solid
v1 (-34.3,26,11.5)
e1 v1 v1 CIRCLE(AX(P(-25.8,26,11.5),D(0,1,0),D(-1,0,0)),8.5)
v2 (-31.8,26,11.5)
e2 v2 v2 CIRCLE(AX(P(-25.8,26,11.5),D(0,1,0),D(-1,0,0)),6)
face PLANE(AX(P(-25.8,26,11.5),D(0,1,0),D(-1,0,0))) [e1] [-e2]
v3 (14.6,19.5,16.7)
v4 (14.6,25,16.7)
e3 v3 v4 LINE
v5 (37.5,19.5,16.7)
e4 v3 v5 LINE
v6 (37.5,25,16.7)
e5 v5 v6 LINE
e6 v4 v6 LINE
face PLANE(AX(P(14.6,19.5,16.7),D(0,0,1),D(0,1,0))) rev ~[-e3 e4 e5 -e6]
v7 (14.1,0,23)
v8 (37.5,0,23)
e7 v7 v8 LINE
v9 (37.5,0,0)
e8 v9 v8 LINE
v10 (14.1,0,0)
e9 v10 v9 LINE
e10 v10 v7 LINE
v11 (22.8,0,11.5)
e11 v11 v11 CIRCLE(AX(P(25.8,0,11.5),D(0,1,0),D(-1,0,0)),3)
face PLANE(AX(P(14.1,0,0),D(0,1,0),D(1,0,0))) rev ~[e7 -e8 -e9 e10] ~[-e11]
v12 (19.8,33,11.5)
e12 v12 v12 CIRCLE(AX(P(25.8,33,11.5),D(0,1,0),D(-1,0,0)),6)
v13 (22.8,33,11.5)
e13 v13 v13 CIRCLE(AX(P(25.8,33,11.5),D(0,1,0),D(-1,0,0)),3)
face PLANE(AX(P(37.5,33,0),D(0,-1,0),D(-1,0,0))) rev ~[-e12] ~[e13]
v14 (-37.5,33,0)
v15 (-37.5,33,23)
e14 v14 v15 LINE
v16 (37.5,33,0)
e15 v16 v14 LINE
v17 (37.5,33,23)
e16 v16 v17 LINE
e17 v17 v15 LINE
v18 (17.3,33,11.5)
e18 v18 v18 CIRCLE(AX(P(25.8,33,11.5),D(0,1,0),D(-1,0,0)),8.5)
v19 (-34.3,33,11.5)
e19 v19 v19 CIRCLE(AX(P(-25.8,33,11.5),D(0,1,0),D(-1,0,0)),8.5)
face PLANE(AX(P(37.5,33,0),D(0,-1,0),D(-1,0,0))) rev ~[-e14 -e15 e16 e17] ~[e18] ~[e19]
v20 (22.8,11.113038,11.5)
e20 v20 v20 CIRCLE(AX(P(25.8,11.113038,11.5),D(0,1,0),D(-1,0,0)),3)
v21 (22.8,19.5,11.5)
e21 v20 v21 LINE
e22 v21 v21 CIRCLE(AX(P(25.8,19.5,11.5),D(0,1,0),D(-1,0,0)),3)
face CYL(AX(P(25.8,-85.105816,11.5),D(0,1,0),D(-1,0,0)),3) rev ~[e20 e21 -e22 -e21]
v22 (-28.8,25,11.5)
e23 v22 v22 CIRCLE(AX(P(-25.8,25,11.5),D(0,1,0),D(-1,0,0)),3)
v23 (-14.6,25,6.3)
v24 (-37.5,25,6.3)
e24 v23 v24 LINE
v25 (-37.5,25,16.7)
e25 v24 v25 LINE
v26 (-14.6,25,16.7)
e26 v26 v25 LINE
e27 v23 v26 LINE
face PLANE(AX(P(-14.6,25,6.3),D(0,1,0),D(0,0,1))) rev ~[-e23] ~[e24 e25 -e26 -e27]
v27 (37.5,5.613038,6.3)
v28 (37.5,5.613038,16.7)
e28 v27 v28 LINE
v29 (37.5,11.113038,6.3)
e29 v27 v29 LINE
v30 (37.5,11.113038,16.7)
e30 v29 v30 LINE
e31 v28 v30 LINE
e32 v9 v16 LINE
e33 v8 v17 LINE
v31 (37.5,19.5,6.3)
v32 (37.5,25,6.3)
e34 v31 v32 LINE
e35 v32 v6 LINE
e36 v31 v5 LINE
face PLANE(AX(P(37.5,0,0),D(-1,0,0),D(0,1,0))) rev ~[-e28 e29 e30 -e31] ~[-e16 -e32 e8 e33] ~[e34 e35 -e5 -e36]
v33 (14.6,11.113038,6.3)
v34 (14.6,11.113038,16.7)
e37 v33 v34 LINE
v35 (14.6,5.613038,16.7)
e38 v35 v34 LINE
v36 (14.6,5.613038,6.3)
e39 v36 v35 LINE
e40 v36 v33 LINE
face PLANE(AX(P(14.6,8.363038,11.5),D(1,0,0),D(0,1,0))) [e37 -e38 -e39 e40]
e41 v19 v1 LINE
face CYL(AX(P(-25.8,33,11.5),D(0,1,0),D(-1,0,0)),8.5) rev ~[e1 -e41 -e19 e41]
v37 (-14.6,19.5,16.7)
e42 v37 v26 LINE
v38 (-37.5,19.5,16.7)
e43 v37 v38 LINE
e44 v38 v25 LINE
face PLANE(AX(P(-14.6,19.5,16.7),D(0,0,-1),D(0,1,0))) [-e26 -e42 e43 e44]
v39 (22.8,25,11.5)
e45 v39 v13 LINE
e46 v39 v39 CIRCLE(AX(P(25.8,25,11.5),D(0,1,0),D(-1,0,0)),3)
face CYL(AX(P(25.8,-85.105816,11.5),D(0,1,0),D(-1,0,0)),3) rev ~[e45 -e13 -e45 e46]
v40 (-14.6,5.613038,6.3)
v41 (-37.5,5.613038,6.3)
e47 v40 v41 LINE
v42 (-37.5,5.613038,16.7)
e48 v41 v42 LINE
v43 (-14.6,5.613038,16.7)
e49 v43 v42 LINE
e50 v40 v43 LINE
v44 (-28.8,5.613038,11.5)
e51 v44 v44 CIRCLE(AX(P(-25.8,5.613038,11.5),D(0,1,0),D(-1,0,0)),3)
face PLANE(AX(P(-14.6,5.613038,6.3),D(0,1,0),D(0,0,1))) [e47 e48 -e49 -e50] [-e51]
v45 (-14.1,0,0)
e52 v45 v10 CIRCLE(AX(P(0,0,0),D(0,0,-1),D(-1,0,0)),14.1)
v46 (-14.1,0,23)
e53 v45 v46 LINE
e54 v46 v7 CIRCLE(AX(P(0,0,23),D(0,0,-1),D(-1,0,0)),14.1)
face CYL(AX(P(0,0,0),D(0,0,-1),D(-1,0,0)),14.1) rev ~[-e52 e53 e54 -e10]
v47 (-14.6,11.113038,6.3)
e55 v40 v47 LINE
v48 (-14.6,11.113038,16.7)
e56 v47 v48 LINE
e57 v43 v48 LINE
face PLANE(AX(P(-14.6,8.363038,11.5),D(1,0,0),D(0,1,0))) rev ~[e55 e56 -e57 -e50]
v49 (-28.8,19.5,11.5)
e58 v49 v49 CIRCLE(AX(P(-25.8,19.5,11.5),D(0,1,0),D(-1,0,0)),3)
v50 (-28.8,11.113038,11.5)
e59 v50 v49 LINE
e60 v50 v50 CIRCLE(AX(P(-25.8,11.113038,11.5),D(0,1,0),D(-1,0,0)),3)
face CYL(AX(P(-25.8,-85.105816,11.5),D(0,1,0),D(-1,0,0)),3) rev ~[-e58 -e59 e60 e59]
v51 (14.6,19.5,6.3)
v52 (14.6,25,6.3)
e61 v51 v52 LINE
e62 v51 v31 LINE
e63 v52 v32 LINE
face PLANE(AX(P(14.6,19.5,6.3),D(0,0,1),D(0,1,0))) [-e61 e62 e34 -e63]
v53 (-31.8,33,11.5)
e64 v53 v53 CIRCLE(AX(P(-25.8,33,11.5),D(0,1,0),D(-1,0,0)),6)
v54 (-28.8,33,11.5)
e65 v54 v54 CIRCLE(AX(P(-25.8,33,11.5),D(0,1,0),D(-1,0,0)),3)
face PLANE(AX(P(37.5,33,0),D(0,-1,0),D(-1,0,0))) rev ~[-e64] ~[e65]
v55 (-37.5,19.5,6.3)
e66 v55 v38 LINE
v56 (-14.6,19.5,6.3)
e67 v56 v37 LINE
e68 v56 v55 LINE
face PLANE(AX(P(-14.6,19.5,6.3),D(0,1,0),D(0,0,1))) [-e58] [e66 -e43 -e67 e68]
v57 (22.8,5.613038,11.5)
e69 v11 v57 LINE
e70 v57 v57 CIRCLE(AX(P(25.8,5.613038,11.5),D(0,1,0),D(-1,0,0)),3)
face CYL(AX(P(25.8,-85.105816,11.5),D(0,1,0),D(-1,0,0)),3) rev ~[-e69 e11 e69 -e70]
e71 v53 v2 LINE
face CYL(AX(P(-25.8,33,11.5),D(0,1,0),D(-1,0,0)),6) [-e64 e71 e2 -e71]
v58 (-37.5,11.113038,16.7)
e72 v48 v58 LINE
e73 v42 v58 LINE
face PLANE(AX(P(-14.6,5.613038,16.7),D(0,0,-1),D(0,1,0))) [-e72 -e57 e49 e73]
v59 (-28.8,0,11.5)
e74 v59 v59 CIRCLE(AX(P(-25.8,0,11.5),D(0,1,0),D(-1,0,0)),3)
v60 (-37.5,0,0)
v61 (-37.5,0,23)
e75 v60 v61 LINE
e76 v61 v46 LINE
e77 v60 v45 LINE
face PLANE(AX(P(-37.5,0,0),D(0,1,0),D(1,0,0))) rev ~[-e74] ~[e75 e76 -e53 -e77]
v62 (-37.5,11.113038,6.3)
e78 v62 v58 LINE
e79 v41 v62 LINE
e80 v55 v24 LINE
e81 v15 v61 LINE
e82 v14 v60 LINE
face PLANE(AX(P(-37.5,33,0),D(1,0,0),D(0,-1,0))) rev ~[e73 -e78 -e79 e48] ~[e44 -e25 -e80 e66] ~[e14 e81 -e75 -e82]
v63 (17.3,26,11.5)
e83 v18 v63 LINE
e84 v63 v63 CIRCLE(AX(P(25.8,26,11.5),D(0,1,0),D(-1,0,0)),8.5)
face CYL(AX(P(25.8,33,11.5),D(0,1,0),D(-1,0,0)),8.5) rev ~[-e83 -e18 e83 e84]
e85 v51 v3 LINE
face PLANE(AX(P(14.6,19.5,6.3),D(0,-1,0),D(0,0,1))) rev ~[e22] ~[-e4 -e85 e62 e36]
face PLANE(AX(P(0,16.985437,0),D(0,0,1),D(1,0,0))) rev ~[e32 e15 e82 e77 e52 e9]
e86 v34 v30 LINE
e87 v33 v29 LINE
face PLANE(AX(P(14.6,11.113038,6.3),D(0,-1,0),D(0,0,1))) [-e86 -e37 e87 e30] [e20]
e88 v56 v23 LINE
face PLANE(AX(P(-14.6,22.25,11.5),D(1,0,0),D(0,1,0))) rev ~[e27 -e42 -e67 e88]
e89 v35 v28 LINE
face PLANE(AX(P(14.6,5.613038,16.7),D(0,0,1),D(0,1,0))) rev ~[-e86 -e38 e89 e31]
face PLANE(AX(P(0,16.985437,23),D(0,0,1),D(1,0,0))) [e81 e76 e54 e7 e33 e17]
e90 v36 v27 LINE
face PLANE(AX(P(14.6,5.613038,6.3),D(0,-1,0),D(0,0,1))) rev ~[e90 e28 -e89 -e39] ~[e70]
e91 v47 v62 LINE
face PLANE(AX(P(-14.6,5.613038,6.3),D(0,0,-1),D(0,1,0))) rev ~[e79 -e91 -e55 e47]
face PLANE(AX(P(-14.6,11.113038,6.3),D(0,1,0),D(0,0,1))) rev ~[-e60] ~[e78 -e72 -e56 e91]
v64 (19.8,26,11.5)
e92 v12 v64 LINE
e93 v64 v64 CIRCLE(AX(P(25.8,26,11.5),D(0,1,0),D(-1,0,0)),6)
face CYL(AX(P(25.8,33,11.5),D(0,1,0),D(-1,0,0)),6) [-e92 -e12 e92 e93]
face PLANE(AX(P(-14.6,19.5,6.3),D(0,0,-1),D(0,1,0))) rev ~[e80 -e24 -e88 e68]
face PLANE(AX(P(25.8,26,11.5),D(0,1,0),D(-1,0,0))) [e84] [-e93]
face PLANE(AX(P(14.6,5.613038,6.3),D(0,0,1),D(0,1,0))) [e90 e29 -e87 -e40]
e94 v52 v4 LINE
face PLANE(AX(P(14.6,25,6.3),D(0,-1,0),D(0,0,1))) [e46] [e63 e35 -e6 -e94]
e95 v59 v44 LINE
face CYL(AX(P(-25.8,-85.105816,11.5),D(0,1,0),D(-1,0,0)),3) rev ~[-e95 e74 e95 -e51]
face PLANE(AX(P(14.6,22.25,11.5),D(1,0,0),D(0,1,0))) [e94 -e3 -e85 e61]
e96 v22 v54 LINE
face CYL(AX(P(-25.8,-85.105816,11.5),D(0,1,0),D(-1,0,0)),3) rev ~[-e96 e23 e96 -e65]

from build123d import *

# Parameters (mm, degrees)
F1_DEPTH  = 23
F5_D      = 6
F6_D      = 6
F7_START  = 14.6
F2_W      = 5.5
F2_H      = 10.4
F7_DEPTH  = 29.6
F9_R      = 8.5
F9_R_2    = 6
F10_DEPTH = 7
F8_R      = 8.5
F8_R_2    = 6
F11_DEPTH = 7
F12_START = -14.6
F12_DEPTH = 30.8


with BuildPart() as f1:
    # F0 (on Top) → F1 (new body)
    with BuildSketch(Plane.XY):
        with BuildLine():
            Line((37.5, 33), (-37.5, 33))
            Line((-37.5, 33), (-37.5, 0))
            Line((-37.5, 0), (-14.1, 0))
            ThreePointArc((-14.1, 0), (0, 14.1), (14.1, 0))
            Line((14.1, 0), (37.5, 0))
            Line((37.5, 0), (37.5, 33))
        make_face()
    extrude(amount=F1_DEPTH)

    # F5 (through all)
    with Locations(Plane.XZ):
        with Locations((-25.8, 11.5)):
            Hole(F5_D / 2)

    # F6 (through all)
    with Locations(Plane.XZ):
        with Locations((25.8, 11.5)):
            Hole(F6_D / 2)

    # F2 (on Right) → F7 (cut)
    with BuildSketch(Plane.YZ.offset(F7_START)):
        with Locations((8.363037575, 11.5)):
            Rectangle(F2_W, F2_H)
        with Locations((22.25, 11.5)):
            Rectangle(F2_W, F2_H)
    extrude(amount=F7_DEPTH, mode=Mode.SUBTRACT)

    # F9 (on face) → F10 (cut)
    with BuildSketch(Plane(origin=(0, 33, 0), x_dir=(-1, 0, 0), z_dir=(0, 1, 0))):
        with Locations((-25.8, 11.5)):
            Circle(F9_R)
        with Locations((-25.8, 11.5)):
            Circle(F9_R_2, mode=Mode.SUBTRACT)
    extrude(amount=-F10_DEPTH, mode=Mode.SUBTRACT)

    # F8 (on face) → F11 (cut)
    with BuildSketch(Plane(origin=(0, 33, 0), x_dir=(-1, 0, 0), z_dir=(0, 1, 0))):
        with Locations((25.8, 11.5)):
            Circle(F8_R)
        with Locations((25.8, 11.5)):
            Circle(F8_R_2, mode=Mode.SUBTRACT)
    extrude(amount=-F11_DEPTH, mode=Mode.SUBTRACT)

    # F2 (on Right) → F12 (cut)
    with BuildSketch(Plane.YZ.offset(F12_START)):
        with Locations((8.363037575, 11.5)):
            Rectangle(F2_W, F2_H)
        with Locations((22.25, 11.5)):
            Rectangle(F2_W, F2_H)
    extrude(amount=-F12_DEPTH, mode=Mode.SUBTRACT)


solid = f1.part
